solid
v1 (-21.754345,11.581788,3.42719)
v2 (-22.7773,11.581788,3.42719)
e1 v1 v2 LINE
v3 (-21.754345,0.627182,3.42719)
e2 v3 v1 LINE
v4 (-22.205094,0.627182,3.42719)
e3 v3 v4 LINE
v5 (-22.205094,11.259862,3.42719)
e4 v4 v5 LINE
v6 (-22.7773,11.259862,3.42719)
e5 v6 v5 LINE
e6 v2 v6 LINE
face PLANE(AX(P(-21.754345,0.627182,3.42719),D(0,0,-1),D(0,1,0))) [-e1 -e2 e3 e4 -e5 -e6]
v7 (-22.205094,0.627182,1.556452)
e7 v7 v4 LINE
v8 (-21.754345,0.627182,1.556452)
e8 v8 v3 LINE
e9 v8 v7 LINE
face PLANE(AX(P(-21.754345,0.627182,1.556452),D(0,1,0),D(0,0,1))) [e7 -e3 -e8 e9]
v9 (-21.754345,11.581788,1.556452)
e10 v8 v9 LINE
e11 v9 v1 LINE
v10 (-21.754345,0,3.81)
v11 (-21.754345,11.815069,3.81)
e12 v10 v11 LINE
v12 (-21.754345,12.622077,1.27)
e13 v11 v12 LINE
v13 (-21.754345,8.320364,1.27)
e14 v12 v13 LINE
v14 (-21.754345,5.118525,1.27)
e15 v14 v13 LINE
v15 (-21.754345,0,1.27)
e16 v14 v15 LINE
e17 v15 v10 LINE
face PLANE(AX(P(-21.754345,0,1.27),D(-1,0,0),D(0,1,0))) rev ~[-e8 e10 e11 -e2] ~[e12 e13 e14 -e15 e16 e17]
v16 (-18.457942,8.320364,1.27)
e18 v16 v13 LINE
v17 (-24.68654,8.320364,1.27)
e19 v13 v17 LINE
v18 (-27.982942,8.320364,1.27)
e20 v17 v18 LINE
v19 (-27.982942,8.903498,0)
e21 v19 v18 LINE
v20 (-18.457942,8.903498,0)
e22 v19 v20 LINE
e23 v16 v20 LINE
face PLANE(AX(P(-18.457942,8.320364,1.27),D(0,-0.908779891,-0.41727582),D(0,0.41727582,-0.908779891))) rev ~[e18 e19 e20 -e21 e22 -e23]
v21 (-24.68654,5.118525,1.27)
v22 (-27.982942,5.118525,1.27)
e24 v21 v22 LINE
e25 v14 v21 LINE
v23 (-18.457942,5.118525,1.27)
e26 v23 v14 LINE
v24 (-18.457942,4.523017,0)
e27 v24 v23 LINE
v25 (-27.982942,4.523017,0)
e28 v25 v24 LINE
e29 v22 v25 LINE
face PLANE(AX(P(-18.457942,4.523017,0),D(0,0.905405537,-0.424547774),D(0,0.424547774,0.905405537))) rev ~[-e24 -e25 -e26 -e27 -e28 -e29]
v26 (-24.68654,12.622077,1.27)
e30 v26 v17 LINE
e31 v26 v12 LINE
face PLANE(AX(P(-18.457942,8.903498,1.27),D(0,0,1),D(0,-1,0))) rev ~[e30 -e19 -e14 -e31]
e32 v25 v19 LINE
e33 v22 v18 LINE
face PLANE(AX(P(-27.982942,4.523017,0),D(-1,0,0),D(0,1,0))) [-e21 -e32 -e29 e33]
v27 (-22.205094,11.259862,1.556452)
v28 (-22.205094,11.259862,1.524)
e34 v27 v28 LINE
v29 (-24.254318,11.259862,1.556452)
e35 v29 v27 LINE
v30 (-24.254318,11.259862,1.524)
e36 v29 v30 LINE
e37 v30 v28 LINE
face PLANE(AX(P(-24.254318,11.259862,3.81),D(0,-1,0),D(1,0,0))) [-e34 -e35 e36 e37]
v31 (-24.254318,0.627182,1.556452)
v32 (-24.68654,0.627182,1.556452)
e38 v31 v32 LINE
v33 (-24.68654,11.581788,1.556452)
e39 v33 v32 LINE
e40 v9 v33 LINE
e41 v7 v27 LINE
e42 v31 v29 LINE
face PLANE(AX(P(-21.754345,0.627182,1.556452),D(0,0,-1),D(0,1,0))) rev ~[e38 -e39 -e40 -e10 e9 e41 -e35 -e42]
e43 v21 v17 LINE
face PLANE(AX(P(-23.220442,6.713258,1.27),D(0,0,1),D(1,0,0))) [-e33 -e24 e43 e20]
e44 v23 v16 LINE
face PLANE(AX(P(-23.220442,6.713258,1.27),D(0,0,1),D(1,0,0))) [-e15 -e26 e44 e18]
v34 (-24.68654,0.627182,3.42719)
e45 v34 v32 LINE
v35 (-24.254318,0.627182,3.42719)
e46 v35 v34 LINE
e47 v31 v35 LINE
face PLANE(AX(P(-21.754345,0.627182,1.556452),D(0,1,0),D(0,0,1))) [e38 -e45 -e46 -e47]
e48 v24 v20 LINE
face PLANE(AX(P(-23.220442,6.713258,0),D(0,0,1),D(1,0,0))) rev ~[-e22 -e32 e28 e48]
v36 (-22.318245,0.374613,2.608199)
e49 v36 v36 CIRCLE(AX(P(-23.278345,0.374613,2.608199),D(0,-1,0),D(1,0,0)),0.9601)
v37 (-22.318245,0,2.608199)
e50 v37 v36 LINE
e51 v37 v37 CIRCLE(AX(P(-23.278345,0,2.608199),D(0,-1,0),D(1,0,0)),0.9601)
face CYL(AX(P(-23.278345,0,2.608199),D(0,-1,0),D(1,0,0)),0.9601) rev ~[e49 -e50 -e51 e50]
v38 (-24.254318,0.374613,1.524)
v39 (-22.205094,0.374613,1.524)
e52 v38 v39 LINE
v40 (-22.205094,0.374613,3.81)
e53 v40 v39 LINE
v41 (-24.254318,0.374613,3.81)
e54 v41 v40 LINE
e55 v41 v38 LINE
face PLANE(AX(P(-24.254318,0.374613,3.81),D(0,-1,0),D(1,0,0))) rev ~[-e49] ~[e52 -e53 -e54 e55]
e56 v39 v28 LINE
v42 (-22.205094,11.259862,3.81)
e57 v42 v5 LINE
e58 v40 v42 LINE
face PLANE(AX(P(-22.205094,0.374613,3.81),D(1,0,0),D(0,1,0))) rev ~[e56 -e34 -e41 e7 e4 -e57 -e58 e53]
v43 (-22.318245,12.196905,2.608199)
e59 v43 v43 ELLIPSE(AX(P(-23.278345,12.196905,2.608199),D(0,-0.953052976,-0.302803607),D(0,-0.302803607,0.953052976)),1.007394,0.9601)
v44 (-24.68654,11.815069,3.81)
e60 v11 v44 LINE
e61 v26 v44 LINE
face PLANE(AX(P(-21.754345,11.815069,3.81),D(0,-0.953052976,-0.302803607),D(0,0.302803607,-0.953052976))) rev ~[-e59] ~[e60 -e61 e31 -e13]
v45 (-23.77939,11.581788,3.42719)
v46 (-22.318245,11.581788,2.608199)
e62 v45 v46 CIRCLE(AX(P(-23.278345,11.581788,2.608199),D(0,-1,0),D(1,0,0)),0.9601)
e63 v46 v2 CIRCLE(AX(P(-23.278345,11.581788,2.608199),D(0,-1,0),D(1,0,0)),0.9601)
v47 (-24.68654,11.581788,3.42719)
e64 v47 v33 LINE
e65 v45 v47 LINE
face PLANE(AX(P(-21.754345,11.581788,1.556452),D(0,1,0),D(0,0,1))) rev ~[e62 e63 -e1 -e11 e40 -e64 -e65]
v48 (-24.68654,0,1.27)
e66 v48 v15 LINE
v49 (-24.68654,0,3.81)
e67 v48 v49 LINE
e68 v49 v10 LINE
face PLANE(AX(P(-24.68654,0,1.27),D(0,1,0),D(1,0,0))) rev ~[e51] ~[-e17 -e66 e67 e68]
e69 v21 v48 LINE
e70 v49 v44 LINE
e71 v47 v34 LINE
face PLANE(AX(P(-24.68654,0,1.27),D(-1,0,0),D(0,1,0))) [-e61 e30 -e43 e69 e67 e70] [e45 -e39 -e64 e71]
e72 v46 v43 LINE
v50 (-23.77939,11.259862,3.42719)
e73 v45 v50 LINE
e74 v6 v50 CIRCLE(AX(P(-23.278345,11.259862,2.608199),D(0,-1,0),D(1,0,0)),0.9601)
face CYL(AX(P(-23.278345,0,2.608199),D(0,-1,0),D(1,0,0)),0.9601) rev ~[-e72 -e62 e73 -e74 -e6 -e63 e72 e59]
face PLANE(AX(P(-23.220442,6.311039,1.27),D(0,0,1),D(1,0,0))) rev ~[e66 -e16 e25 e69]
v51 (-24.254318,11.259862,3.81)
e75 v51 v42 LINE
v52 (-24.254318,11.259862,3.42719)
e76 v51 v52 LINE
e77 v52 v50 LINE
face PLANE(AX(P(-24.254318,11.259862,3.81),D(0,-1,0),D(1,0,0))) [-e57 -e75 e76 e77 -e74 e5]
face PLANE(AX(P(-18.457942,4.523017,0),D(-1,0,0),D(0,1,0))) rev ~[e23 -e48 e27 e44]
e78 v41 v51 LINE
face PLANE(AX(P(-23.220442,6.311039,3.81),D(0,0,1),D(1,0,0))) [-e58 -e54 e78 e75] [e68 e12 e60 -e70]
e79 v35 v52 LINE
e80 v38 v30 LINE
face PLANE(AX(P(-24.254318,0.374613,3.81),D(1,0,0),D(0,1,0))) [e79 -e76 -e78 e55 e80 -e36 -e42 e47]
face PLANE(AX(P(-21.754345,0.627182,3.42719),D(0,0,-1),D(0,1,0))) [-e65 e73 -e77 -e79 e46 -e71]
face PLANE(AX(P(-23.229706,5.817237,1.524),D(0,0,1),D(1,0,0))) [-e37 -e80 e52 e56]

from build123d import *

# Parameters (mm, degrees)
F0_W      = 9.525
F0_H      = 4.380480709
F1_DEPTH  = 1.27
F2_W      = 2.9321946495
F2_H      = 12.622077018
F3_DEPTH  = 2.54
F6_DEPTH  = 25.4
F8_DEPTH  = 25.4
F9_R      = 0.9600996903
F10_DEPTH = 25.4
F11_W     = 2.0492244512
F11_H     = 10.8852496778
F12_DEPTH = 2.286
F13_W     = 10.9546062886
F13_H     = 1.8707374111
F14_DEPTH = 25.4


with BuildPart() as f1:
    # F0 (on Top) → F1 (new body)
    with BuildSketch(Plane.XY):
        with Locations((-23.2204422355, 6.7132576369)):
            Rectangle(F0_W, F0_H)
    extrude(amount=F1_DEPTH)

    # F2 (on face) → F3 (join)
    with BuildSketch(Plane.XY.offset(1.27)):
        with Locations((-23.2204422355, 6.311038509)):
            Rectangle(F2_W, F2_H)
    extrude(amount=F3_DEPTH)

    # F5 (on face) → F6 (cut)
    with BuildSketch(Plane.YZ.offset(-18.4579422355)):
        Polygon((4.5230172824, 1.27), (4.5230172824, 0), (5.1185246557, 1.27), align=None)
        Polygon((8.3203641698, 1.27), (8.9034979914, 0), (8.9034979914, 1.27), align=None)
    extrude(amount=-F6_DEPTH, mode=Mode.SUBTRACT)

    # F7 (on face) → F8 (cut)
    with BuildSketch(Plane.YZ.offset(-21.7543449107)):
        Polygon((11.8150692433, 3.81), (12.622077018, 1.27), (12.622077018, 3.81), align=None)
    extrude(amount=-F8_DEPTH, mode=Mode.SUBTRACT)

    # F9 (on face) → F10 (cut)
    with BuildSketch(Plane.XZ):
        with Locations((-23.2783449107, 2.6081991382)):
            Circle(F9_R)
    extrude(amount=-F10_DEPTH, mode=Mode.SUBTRACT)

    # F11 (on face) → F12 (cut)
    with BuildSketch(Plane.XY.offset(3.81)):
        with Locations((-23.2297061011, 5.8172373829)):
            Rectangle(F11_W, F11_H)
    extrude(amount=-F12_DEPTH, mode=Mode.SUBTRACT)

    # F13 (on face) → F14 (cut)
    with BuildSketch(Plane.YZ.offset(-21.7543449107)):
        with Locations((6.1044846952, 2.4918210693)):
            Rectangle(F13_W, F13_H)
    extrude(amount=-F14_DEPTH, mode=Mode.SUBTRACT)


solid = f1.part
